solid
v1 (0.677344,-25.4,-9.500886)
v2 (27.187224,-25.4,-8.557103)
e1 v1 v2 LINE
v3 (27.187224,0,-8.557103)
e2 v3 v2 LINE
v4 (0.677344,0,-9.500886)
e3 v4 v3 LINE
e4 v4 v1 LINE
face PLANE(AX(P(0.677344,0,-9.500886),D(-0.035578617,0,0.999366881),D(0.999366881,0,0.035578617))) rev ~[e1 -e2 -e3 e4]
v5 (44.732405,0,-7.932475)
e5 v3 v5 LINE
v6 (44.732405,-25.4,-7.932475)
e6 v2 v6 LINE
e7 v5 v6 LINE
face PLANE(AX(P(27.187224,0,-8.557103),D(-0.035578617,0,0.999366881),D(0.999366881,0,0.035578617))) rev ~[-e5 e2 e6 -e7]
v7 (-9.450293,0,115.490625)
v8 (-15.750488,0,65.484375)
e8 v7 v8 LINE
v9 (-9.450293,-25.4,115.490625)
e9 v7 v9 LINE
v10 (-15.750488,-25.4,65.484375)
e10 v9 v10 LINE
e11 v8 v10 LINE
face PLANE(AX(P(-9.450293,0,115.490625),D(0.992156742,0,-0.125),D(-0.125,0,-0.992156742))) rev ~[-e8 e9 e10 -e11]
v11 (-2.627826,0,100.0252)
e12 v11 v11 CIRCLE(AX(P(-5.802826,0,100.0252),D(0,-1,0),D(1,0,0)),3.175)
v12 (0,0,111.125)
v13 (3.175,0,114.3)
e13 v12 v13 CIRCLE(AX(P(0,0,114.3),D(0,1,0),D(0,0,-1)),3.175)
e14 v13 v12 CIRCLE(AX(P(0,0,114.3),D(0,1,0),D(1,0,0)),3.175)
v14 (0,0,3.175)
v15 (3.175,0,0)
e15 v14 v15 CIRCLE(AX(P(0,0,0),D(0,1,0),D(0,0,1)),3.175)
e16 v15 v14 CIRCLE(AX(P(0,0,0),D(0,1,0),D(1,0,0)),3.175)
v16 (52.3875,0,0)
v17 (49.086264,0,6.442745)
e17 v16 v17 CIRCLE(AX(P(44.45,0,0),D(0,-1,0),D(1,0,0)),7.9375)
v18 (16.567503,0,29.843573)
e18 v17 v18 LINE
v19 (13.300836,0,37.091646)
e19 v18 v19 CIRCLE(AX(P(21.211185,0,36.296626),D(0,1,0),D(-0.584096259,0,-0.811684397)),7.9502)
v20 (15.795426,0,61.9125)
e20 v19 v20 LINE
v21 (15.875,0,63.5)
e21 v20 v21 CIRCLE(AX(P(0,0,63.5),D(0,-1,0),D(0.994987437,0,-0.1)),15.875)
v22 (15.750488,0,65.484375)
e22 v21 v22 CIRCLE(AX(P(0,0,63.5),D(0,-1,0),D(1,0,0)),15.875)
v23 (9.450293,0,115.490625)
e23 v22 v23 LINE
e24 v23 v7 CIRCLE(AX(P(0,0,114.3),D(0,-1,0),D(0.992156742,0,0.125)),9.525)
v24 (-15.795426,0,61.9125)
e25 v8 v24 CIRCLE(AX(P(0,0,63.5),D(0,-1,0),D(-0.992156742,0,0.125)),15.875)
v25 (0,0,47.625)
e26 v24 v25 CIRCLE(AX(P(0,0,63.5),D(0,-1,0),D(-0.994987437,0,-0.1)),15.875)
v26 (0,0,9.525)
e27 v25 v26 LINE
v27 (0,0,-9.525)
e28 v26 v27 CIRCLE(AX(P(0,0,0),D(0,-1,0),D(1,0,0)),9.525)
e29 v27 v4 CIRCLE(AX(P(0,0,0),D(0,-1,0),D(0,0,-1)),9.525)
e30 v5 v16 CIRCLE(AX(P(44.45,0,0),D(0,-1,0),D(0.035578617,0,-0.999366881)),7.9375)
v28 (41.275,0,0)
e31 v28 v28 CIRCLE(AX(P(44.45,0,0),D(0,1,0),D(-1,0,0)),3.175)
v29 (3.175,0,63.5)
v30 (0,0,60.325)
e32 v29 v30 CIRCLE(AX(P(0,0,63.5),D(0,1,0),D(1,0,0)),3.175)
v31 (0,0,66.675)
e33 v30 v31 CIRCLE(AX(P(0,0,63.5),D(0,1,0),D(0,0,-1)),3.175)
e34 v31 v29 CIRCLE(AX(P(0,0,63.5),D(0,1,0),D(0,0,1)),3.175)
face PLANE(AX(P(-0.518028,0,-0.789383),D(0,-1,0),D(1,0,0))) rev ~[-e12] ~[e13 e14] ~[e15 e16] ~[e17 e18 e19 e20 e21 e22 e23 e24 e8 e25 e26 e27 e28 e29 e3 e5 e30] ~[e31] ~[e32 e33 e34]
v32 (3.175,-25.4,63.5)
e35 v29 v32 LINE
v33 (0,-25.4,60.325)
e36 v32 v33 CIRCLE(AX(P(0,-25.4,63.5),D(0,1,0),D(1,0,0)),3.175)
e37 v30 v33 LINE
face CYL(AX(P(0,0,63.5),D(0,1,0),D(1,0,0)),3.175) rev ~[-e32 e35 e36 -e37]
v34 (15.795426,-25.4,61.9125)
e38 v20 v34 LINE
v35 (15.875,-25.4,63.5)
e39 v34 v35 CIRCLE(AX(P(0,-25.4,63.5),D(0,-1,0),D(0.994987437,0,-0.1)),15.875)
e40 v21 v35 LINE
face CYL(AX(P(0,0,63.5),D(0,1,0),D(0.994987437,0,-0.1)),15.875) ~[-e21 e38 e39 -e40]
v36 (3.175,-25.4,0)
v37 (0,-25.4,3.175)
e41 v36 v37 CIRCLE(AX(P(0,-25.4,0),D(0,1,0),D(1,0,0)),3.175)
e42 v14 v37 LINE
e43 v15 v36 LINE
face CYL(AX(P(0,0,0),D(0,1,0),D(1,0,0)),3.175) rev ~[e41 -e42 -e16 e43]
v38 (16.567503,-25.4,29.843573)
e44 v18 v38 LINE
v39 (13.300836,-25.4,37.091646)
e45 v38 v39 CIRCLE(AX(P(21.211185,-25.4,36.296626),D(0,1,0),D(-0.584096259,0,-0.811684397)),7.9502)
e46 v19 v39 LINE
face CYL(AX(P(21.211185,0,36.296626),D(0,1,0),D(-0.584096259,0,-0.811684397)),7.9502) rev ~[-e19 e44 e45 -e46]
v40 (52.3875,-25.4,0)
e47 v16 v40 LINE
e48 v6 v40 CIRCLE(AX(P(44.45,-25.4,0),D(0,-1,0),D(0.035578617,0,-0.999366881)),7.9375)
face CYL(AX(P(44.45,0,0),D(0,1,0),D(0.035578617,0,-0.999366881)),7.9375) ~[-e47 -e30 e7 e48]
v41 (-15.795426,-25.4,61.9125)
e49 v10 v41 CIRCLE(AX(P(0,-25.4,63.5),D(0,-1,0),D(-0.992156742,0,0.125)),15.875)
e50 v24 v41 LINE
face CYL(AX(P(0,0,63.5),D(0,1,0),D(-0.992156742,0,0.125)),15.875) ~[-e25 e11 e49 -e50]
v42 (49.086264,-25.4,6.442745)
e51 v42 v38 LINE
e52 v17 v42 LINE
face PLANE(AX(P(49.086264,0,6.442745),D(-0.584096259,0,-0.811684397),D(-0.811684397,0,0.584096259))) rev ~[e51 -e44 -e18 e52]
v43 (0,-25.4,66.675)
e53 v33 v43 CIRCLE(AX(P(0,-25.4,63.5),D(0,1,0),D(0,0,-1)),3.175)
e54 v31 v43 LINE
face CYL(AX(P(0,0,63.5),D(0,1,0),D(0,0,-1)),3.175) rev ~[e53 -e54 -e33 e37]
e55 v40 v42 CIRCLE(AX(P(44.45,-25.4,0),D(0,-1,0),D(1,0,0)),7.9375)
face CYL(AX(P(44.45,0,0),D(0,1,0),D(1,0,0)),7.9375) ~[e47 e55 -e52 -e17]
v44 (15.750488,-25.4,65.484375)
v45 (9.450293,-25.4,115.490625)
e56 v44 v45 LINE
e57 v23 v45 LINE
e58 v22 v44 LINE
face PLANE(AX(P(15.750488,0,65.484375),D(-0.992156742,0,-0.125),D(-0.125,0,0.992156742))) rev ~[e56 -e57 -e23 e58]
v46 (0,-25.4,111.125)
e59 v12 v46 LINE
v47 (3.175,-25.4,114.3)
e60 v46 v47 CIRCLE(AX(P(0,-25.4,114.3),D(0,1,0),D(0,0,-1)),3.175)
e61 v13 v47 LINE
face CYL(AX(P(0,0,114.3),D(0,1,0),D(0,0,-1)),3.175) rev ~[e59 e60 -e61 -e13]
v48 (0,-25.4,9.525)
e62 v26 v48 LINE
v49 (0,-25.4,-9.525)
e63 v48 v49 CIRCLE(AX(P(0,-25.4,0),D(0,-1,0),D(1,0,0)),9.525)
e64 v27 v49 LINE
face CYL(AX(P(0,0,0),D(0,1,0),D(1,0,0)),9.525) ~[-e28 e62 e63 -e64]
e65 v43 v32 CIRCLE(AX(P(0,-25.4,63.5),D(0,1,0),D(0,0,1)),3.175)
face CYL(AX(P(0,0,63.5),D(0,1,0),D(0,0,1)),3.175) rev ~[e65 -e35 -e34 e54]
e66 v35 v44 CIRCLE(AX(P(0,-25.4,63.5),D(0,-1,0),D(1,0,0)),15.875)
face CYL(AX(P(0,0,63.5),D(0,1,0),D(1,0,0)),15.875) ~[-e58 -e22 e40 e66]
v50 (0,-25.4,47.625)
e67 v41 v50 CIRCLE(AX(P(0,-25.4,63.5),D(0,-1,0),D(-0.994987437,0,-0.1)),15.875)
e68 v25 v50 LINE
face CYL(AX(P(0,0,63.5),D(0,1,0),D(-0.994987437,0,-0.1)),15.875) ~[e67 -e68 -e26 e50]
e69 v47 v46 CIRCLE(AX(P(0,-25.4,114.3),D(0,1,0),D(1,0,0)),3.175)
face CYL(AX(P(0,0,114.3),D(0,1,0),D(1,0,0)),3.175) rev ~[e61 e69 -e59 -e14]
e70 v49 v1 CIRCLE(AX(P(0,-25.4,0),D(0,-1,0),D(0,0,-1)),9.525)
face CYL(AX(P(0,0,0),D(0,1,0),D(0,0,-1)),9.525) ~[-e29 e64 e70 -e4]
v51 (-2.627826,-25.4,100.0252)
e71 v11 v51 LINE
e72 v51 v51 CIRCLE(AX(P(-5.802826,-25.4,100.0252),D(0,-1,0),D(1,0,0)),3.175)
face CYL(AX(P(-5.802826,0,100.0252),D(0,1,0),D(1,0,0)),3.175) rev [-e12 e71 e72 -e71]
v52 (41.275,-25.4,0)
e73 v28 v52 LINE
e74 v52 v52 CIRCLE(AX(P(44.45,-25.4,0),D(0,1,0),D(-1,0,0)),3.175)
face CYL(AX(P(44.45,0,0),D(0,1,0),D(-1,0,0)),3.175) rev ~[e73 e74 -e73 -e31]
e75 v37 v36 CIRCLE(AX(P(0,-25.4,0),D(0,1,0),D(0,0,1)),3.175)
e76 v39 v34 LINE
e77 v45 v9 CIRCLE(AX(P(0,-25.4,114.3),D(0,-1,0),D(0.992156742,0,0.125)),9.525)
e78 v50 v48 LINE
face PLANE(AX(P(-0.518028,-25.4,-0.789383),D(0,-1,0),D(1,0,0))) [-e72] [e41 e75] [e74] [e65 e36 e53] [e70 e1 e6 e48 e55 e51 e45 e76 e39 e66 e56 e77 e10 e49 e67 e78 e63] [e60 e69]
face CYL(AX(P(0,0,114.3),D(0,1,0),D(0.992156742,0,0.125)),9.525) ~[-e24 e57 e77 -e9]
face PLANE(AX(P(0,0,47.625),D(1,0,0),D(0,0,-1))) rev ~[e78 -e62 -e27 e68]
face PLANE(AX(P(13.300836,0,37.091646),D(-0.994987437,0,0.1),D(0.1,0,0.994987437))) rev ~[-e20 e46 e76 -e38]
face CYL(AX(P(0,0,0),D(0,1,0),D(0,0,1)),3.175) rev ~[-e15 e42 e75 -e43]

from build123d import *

# Parameters (mm, degrees)
F0_R     = 3.175
F1_DEPTH = 25.4


with BuildPart() as f1:
    # F0 (on Front) → F1 (new body)
    with BuildSketch(Plane.XZ):
        with BuildLine():
            ThreePointArc((3.175, 0), (-2.2450640303, -2.2450640303), (0, 3.175))
            Line((0, 3.175), (0, 9.525))
            ThreePointArc((0, 9.525), (-9.525, 0), (0, -9.525))
            Line((0, -9.525), (0.6773435479, -9.500885786))
            ThreePointArc((0.6773435479, -9.500885786), (6.9705567315, -6.4912990883), (9.525, 0))
            Line((9.525, 0), (3.175, 0))
        make_face()
        with BuildLine():
            Line((0, 9.525), (0, 3.175))
            ThreePointArc((0, 3.175), (2.2450640303, 2.2450640303), (3.175, 0))
            Line((3.175, 0), (9.525, 0))
            ThreePointArc((9.525, 0), (6.7351920908, 6.7351920908), (0, 9.525))
        make_face()
        with BuildLine():
            Line((0, 47.625), (0, 9.525))
            ThreePointArc((0, 9.525), (6.7351920908, 6.7351920908), (9.525, 0))
            Line((9.525, 0), (36.5125, 0))
            ThreePointArc((36.5125, 0), (40.830361875, 7.0641436915), (49.0862640553, 6.442744901))
            Line((49.0862640553, 6.442744901), (16.5675029115, 29.8435726117))
            ThreePointArc((16.5675029115, 29.8435726117), (13.9631116964, 33.0299588598), (13.3008358668, 37.0916459046))
            Line((13.3008358668, 37.0916459046), (15.7954255641, 61.9125))
            ThreePointArc((15.7954255641, 61.9125), (10.6492737428, 51.7267849017), (0, 47.625))
        make_face()
        with BuildLine():
            Line((36.5125, 0), (9.525, 0))
            ThreePointArc((9.525, 0), (6.9705567315, -6.4912990883), (0.6773435479, -9.500885786))
            Line((0.6773435479, -9.500885786), (27.1872243516, -8.5571033561))
            Line((27.1872243516, -8.5571033561), (44.7324052746, -7.9324746146))
            ThreePointArc((44.7324052746, -7.9324746146), (38.9380895153, -5.7116327839), (36.5125, 0))
        make_face()
        with BuildLine():
            ThreePointArc((-15.7954255641, 61.9125), (-10.6492737428, 51.7267849017), (0, 47.625))
            Line((0, 47.625), (0, 60.325))
            ThreePointArc((0, 60.325), (-3.175, 63.5), (0, 66.675))
            Line((0, 66.675), (0, 79.375))
            ThreePointArc((0, 79.375), (-10.5003255158, 75.40625), (-15.7504882737, 65.484375))
            ThreePointArc((-15.7504882737, 65.484375), (-15.8737438155, 63.6997054867), (-15.7954255641, 61.9125))
        make_face()
        with BuildLine():
            Line((0, 60.325), (0, 47.625))
            ThreePointArc((0, 47.625), (10.6492737428, 51.7267849017), (15.7954255641, 61.9125))
            ThreePointArc((15.7954255641, 61.9125), (15.8550939106, 62.7052534459), (15.875, 63.5))
            ThreePointArc((15.875, 63.5), (15.8438414904, 64.4941387366), (15.7504882737, 65.484375))
            ThreePointArc((15.7504882737, 65.484375), (10.5003255158, 75.40625), (0, 79.375))
            Line((0, 79.375), (0, 66.675))
            ThreePointArc((0, 66.675), (2.2450640303, 65.7450640303), (3.175, 63.5))
            ThreePointArc((3.175, 63.5), (2.2450640303, 61.2549359697), (0, 60.325))
        make_face()
        with BuildLine():
            Line((0.6773435479, -9.500885786), (0, -9.525))
            ThreePointArc((0, -9.525), (0.3388863295, -9.5189695375), (0.6773435479, -9.500885786))
        make_face()
        with BuildLine():
            ThreePointArc((49.0862640553, 6.442744901), (40.830361875, 7.0641436915), (36.5125, 0))
            ThreePointArc((36.5125, 0), (38.9380895153, -5.7116327839), (44.7324052746, -7.9324746146))
            ThreePointArc((44.7324052746, -7.9324746146), (50.1616327839, -5.5119104847), (52.3875, 0))
            ThreePointArc((52.3875, 0), (51.5141436915, 3.619638125), (49.0862640553, 6.442744901))
        make_face()
        with BuildLine():
            ThreePointArc((47.625, 0), (44.45, -3.175), (41.275, 0))
            ThreePointArc((41.275, 0), (44.45, 3.175), (47.625, 0))
        make_face(mode=Mode.SUBTRACT)
        with BuildLine():
            Line((-9.4502929642, 115.490625), (-15.7504882737, 65.484375))
            ThreePointArc((-15.7504882737, 65.484375), (-10.5003255158, 75.40625), (0, 79.375))
            Line((0, 79.375), (0, 104.775))
            ThreePointArc((0, 104.775), (-7.14375, 107.9998046905), (-9.4502929642, 115.490625))
        make_face()
        with Locations((-5.8028255589, 100.0252)):
            Circle(F0_R, mode=Mode.SUBTRACT)
        with BuildLine():
            Line((0, 104.775), (0, 79.375))
            ThreePointArc((0, 79.375), (10.5003255158, 75.40625), (15.7504882737, 65.484375))
            Line((15.7504882737, 65.484375), (9.4502929642, 115.490625))
            ThreePointArc((9.4502929642, 115.490625), (9.5063048942, 114.896483242), (9.525, 114.3))
            ThreePointArc((9.525, 114.3), (6.7351920908, 107.5648079092), (0, 104.775))
        make_face()
        with BuildLine():
            ThreePointArc((9.4502929642, 115.490625), (0, 123.825), (-9.4502929642, 115.490625))
            ThreePointArc((-9.4502929642, 115.490625), (-7.14375, 107.9998046905), (0, 104.775))
            ThreePointArc((0, 104.775), (6.7351920908, 107.5648079092), (9.525, 114.3))
            ThreePointArc((9.525, 114.3), (9.5063048942, 114.896483242), (9.4502929642, 115.490625))
        make_face()
        with BuildLine():
            ThreePointArc((3.175, 114.3), (2.2450640303, 112.0549359697), (0, 111.125))
            ThreePointArc((0, 111.125), (-2.2450640303, 116.5450640303), (3.175, 114.3))
        make_face(mode=Mode.SUBTRACT)
    extrude(amount=F1_DEPTH)


solid = f1.part
